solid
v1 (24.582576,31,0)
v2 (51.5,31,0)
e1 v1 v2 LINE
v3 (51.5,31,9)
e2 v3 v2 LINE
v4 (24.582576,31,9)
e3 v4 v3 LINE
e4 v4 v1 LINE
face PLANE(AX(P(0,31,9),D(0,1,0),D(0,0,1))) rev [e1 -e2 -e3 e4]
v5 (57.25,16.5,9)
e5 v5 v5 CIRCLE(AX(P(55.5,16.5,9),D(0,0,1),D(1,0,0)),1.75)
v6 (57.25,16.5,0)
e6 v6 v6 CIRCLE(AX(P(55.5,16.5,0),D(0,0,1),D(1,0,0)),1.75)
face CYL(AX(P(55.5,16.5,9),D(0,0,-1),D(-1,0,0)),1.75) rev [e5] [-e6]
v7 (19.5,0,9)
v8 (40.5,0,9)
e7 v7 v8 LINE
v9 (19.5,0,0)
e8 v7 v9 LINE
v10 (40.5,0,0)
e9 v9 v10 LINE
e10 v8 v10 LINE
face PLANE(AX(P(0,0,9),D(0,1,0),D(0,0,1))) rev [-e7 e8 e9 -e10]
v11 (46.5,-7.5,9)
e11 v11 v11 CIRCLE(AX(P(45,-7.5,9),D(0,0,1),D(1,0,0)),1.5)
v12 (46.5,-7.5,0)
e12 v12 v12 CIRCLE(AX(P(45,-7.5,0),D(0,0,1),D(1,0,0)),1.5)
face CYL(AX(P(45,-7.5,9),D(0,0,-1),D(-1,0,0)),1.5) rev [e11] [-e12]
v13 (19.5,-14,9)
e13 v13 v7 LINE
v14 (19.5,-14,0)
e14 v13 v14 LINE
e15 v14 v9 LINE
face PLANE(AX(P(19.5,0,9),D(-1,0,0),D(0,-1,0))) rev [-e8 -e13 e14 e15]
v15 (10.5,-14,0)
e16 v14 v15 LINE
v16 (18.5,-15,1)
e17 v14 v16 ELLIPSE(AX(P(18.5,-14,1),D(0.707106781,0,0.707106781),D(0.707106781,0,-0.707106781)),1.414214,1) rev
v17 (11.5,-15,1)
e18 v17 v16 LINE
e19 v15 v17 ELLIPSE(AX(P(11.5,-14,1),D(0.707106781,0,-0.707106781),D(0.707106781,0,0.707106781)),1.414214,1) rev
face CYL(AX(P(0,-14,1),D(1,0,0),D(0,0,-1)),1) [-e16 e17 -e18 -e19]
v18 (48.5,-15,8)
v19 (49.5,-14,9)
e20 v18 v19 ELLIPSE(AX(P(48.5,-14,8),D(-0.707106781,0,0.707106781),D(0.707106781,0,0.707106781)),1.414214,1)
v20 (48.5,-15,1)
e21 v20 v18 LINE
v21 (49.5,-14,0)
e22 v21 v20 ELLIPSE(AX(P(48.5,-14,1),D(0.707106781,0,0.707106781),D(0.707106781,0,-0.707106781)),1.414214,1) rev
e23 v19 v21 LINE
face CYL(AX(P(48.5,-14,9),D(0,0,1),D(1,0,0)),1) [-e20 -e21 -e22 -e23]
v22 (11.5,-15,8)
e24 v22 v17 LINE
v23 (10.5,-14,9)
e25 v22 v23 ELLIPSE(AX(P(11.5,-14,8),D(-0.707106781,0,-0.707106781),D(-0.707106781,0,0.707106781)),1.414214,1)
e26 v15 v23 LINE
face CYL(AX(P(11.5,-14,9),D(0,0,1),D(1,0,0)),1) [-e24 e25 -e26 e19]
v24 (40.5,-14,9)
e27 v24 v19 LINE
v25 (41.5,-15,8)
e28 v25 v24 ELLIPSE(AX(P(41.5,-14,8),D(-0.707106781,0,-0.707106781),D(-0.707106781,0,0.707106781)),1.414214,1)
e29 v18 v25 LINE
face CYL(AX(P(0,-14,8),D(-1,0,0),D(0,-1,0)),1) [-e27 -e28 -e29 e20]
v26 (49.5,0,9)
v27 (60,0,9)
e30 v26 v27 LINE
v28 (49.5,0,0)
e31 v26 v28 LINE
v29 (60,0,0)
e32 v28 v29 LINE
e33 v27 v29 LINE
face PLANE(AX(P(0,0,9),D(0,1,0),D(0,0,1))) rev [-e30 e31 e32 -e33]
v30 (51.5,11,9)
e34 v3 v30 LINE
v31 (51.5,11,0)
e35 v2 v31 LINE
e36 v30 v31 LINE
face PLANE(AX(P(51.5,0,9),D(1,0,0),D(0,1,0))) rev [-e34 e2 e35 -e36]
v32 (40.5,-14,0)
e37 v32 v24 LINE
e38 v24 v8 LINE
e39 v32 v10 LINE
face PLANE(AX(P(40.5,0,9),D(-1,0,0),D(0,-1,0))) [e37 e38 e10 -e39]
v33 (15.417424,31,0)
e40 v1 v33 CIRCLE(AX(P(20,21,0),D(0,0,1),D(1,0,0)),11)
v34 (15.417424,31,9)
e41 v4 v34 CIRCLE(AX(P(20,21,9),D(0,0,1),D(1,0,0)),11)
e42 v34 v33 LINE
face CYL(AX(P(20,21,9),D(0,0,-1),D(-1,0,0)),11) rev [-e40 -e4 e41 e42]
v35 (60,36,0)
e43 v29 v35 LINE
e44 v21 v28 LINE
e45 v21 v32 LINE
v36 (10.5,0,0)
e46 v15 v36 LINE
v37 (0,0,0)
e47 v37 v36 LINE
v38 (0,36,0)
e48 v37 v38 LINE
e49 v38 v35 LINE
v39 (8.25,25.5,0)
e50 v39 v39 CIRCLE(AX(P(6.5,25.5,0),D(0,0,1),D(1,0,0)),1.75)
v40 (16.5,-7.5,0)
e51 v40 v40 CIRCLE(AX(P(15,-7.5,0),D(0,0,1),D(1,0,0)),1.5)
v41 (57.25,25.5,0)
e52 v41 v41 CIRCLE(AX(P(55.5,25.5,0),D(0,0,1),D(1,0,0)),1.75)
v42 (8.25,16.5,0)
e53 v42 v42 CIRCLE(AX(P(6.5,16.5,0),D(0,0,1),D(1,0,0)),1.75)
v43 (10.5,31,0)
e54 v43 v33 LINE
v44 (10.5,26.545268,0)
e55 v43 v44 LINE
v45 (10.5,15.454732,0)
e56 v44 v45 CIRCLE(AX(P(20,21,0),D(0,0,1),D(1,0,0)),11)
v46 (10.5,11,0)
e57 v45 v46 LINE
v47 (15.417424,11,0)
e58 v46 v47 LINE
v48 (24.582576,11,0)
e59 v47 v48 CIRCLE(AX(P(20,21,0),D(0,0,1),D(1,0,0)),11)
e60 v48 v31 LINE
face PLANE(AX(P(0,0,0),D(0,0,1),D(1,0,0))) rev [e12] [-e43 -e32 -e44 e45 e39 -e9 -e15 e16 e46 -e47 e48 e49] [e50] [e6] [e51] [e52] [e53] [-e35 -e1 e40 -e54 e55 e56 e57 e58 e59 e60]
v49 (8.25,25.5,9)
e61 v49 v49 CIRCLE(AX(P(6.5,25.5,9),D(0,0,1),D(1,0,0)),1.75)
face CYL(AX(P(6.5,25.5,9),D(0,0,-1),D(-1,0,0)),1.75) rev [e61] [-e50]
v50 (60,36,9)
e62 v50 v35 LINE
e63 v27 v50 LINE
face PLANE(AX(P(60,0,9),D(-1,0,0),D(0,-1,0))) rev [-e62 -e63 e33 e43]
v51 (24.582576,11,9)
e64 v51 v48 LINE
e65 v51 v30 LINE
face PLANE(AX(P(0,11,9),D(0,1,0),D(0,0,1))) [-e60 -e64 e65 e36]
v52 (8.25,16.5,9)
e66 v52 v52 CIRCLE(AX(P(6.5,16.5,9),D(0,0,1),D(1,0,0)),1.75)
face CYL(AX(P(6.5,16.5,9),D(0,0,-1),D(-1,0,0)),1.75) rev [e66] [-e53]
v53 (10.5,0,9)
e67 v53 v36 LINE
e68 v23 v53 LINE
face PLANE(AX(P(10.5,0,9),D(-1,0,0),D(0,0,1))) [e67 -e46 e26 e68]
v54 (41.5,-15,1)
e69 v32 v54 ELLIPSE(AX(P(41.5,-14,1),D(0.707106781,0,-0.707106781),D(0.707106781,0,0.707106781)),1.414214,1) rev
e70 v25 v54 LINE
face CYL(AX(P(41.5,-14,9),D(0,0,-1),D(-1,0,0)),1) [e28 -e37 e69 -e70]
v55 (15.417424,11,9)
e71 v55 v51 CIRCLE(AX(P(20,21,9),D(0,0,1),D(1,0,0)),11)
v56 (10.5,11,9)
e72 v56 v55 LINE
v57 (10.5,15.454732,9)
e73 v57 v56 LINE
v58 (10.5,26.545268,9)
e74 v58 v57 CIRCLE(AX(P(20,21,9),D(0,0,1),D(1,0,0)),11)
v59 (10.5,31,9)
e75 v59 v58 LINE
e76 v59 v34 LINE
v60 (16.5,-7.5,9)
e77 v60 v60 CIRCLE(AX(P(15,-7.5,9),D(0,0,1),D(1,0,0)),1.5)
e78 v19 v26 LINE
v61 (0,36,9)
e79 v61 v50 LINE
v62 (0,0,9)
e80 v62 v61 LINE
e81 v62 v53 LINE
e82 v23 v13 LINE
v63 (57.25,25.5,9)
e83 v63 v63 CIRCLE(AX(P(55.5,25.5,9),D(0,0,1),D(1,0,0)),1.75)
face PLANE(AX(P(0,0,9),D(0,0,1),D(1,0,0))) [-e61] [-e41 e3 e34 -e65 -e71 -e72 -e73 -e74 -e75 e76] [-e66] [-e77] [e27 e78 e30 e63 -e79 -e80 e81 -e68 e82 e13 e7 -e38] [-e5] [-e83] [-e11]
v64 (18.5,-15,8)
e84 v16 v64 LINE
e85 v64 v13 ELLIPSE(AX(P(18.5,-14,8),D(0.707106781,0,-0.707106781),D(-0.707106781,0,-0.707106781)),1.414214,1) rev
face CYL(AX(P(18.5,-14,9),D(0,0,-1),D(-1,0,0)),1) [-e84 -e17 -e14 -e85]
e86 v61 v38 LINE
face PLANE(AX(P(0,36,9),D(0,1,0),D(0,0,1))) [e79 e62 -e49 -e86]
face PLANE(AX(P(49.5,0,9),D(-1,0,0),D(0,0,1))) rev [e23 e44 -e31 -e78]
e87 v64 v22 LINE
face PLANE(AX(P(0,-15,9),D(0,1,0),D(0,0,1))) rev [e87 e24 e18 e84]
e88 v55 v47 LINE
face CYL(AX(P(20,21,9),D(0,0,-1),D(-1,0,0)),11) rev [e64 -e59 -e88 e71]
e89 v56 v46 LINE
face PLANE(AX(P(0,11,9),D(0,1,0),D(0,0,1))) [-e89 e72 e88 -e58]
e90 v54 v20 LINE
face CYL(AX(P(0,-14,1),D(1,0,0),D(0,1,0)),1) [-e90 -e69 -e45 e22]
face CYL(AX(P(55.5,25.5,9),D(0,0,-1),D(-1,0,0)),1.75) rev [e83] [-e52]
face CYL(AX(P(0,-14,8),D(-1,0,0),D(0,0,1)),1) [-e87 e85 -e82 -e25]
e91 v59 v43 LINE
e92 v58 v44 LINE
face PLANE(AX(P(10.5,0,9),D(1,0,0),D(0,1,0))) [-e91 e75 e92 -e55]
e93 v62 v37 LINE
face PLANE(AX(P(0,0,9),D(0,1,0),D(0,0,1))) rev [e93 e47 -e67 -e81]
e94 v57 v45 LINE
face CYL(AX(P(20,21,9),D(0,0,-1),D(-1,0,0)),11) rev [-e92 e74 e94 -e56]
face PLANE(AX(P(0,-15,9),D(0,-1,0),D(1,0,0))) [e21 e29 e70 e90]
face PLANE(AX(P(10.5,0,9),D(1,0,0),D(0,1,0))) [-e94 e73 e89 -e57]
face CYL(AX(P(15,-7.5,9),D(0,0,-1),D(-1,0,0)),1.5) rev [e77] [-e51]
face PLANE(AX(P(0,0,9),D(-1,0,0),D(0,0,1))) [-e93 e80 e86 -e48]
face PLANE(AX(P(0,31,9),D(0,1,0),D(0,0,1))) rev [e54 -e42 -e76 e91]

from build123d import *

# Parameters (mm, degrees)
CROQUIS1_R              = 1.75
CROQUIS1_R_2            = 1.5
SALIENTE_EXTRUIR1_DEPTH = 9
REDONDEO1_R             = 1


with BuildPart() as part:
    # Croquis1 → Saliente-Extruir1 (new body)
    with BuildSketch(Plane.XY):
        Polygon((0, 36), (0, 0), (10.5, 0), (10.5, -15), (19.5, -15), (19.5, 0), (40.5, 0), (40.5, -15), (49.5, -15), (49.5, 0), (60, 0), (60, 36), align=None)
        with Locations((6.5, 16.5)):
            Circle(CROQUIS1_R, mode=Mode.SUBTRACT)
        with Locations((6.5, 25.5)):
            Circle(CROQUIS1_R, mode=Mode.SUBTRACT)
        with BuildLine():
            Line((10.5, 26.545268253), (10.5, 31))
            Line((10.5, 31), (15.417424305, 31))
            ThreePointArc((15.417424305, 31), (20, 32), (24.582575695, 31))
            Line((24.582575695, 31), (51.5, 31))
            Line((51.5, 31), (51.5, 11))
            Line((51.5, 11), (24.582575695, 11))
            ThreePointArc((24.582575695, 11), (20, 10), (15.417424305, 11))
            Line((15.417424305, 11), (10.5, 11))
            Line((10.5, 11), (10.5, 15.454731747))
            ThreePointArc((10.5, 15.454731747), (9, 21), (10.5, 26.545268253))
        make_face(mode=Mode.SUBTRACT)
        with Locations((55.5, 16.5)):
            Circle(CROQUIS1_R, mode=Mode.SUBTRACT)
        with Locations((55.5, 25.5)):
            Circle(CROQUIS1_R, mode=Mode.SUBTRACT)
        with Locations((15, -7.5)):
            Circle(CROQUIS1_R_2, mode=Mode.SUBTRACT)
        with Locations((45, -7.5)):
            Circle(CROQUIS1_R_2, mode=Mode.SUBTRACT)
    extrude(amount=SALIENTE_EXTRUIR1_DEPTH)

    # Redondeo1
    redondeo1_edges = [part.edges().sort_by_distance(p)[0] for p in [
        (45, -15, 0),
        (15, -15, 0),
        (49.5, -15, 4.5),
        (40.5, -15, 4.5),
        (19.5, -15, 4.5),
        (10.5, -15, 4.5),
        (15, -15, 9),
        (45, -15, 9),
    ]]
    fillet(redondeo1_edges, radius=REDONDEO1_R)


solid = part.part
